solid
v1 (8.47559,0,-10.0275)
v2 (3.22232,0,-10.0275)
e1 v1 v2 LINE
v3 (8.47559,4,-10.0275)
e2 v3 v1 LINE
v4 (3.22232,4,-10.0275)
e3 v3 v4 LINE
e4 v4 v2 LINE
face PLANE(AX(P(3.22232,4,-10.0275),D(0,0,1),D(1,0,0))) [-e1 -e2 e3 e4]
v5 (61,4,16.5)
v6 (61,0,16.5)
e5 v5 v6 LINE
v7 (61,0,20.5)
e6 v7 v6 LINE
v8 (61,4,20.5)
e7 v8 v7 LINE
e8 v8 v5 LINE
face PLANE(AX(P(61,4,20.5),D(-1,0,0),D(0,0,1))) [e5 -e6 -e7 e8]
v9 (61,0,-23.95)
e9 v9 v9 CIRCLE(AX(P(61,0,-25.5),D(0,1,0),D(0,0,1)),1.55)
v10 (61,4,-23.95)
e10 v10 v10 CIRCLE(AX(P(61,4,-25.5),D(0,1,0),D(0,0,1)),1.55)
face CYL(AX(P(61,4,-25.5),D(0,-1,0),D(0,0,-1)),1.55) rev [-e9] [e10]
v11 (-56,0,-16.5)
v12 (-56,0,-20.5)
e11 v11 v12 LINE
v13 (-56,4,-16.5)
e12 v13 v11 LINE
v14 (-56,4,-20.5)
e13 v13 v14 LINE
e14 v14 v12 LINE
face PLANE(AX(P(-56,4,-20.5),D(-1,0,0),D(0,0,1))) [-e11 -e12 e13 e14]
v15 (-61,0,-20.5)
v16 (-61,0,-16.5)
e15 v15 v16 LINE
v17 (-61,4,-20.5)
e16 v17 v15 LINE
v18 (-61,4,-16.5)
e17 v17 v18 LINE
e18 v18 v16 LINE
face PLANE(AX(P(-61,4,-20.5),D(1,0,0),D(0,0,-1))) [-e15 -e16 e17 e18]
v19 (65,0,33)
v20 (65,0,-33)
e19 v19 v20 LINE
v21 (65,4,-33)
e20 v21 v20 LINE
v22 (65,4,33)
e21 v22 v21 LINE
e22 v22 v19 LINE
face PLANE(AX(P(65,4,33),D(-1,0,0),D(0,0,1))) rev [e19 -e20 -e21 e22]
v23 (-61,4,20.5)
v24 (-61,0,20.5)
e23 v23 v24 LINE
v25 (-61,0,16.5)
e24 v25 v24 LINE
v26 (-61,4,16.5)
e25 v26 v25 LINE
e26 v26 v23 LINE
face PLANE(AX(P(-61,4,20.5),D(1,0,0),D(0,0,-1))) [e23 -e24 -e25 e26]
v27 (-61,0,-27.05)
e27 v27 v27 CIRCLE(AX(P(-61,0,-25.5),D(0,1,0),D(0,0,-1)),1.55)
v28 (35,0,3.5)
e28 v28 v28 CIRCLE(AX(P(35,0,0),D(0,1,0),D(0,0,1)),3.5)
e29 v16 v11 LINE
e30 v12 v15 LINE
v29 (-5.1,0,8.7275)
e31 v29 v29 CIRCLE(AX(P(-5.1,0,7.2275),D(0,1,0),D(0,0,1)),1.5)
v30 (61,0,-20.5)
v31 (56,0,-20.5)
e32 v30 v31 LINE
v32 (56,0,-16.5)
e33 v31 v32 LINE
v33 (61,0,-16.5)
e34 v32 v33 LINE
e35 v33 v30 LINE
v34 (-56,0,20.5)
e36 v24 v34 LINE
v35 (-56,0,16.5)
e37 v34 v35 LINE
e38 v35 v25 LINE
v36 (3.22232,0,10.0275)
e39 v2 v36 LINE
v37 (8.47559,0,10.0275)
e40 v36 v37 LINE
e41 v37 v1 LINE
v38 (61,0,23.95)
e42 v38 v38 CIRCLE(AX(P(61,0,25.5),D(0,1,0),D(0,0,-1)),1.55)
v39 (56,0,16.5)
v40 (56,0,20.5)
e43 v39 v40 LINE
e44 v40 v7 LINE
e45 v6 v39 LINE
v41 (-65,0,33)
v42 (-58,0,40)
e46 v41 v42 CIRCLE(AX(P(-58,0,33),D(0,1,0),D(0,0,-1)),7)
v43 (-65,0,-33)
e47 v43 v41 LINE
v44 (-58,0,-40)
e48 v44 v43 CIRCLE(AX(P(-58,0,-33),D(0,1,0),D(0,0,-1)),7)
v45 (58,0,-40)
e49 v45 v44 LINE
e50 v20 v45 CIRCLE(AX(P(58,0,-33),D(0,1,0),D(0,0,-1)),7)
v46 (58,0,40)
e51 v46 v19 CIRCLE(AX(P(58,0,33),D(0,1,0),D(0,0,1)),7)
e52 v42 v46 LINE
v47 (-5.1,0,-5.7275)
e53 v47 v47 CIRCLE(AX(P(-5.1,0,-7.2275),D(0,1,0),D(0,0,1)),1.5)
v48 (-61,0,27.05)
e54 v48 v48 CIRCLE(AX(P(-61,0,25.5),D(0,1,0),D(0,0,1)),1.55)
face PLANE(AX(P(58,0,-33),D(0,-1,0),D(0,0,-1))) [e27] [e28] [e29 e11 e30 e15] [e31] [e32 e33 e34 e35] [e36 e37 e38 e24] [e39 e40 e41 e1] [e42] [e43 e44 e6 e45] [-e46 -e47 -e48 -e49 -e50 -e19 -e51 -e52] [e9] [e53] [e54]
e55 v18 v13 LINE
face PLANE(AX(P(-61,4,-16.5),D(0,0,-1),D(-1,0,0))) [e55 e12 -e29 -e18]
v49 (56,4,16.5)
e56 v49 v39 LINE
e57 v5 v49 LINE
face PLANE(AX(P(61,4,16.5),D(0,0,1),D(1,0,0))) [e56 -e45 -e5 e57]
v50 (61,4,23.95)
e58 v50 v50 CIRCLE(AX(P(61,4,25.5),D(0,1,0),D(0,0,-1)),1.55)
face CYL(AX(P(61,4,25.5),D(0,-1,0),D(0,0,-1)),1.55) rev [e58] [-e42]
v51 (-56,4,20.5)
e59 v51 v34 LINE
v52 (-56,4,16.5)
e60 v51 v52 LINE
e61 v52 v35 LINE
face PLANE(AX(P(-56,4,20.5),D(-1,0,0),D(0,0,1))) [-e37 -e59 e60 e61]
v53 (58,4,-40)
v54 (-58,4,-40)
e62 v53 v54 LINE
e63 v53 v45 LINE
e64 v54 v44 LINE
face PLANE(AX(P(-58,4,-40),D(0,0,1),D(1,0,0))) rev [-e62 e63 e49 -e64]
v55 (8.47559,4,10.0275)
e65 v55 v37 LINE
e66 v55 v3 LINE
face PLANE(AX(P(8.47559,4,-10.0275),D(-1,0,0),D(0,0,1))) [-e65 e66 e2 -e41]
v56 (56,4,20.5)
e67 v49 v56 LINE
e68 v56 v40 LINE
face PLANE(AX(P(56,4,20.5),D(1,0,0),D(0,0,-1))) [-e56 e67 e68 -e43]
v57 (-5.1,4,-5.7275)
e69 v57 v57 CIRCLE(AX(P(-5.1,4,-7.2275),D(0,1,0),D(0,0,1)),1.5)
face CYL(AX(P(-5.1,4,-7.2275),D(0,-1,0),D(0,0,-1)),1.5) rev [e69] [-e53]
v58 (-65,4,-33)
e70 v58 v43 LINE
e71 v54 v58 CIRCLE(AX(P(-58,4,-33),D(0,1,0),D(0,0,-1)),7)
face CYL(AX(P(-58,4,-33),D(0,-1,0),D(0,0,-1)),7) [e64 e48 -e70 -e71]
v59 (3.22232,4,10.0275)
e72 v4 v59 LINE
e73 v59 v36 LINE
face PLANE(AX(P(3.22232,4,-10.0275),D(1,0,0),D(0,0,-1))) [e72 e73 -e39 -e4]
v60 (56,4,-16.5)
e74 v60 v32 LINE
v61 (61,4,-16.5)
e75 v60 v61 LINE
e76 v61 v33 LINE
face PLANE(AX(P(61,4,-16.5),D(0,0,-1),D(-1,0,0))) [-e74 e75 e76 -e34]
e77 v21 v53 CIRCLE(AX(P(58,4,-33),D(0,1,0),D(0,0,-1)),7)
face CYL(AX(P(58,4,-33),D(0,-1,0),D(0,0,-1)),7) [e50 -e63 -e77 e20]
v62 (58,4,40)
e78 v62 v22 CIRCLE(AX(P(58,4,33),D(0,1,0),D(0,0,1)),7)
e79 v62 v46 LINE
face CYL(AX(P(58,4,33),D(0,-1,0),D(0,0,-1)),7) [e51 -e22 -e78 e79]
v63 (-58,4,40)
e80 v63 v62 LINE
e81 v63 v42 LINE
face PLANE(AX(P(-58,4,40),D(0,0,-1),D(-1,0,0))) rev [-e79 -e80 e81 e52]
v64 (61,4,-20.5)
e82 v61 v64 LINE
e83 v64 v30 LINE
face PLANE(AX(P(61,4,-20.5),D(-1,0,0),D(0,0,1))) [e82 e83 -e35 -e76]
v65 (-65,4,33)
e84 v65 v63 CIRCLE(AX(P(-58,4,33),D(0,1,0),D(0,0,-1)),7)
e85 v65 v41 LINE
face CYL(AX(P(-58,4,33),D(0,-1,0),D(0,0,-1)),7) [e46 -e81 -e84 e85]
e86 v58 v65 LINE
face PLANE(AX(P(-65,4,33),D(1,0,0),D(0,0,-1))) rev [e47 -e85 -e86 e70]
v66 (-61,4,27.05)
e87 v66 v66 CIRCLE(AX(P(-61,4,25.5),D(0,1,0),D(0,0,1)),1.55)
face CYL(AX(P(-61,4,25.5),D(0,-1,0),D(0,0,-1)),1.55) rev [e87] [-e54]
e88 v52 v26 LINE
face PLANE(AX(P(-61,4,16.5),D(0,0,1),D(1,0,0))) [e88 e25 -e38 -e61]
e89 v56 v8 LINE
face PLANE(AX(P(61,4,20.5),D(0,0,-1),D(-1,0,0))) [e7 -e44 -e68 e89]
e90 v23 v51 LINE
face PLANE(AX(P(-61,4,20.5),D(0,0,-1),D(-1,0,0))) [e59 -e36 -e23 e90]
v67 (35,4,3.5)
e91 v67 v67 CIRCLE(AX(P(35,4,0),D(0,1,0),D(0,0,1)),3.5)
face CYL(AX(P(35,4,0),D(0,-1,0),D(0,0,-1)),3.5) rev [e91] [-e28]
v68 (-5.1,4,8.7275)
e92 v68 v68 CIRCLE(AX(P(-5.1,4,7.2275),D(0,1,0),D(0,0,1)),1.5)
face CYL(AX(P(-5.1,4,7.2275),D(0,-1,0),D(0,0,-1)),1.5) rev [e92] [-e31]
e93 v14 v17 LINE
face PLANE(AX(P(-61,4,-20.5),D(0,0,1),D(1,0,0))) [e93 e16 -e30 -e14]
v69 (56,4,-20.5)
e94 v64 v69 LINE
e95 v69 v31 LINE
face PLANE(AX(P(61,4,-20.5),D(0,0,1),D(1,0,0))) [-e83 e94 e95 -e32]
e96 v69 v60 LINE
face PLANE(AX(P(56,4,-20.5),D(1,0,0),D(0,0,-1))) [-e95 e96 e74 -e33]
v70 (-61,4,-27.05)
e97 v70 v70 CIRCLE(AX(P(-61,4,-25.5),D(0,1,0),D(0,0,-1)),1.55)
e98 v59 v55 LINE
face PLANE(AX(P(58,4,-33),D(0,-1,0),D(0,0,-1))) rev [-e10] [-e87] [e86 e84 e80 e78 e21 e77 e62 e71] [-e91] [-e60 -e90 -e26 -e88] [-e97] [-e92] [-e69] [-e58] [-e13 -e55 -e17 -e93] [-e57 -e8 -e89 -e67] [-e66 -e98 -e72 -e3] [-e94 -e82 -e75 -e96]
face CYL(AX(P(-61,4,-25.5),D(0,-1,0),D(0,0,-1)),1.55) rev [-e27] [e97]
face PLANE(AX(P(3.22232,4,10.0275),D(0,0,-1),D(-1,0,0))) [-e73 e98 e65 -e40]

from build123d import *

# Parameters (mm, degrees)
SKETCH1_R           = 1.55
SKETCH1_R_2         = 1.5
SKETCH1_R_3         = 3.5
SKETCH1_W           = 5
SKETCH1_H           = 4
SKETCH1_W_2         = 5.253269852
SKETCH1_H_2         = 20.055
BOSS_EXTRUDE1_DEPTH = 4


with BuildPart() as part:
    # Sketch1 → Boss-Extrude1 (new body)
    with BuildSketch(Plane(origin=(0, 0, 0), x_dir=(1, 0, 0), z_dir=(0, 1, 0))):
        with BuildLine():
            Line((-58, -40), (58, -40))
            ThreePointArc((58, -40), (62.949747468, -37.949747468), (65, -33))
            Line((65, -33), (65, 33))
            ThreePointArc((65, 33), (62.949747468, 37.949747468), (58, 40))
            Line((58, 40), (-58, 40))
            ThreePointArc((-58, 40), (-62.949747468, 37.949747468), (-65, 33))
            Line((-65, 33), (-65, -33))
            ThreePointArc((-65, -33), (-62.949747468, -37.949747468), (-58, -40))
        make_face()
        with Locations(Location((61, 25.5, 0), (0, 0, 270))):
            Circle(SKETCH1_R, mode=Mode.SUBTRACT)
        with Locations(Location((61, -25.5, 0), (0, 0, 90))):
            Circle(SKETCH1_R, mode=Mode.SUBTRACT)
        with Locations(Location((-61, -25.5, 0), (0, 0, 270))):
            Circle(SKETCH1_R, mode=Mode.SUBTRACT)
        with Locations(Location((-61, 25.5, 0), (0, 0, 90))):
            Circle(SKETCH1_R, mode=Mode.SUBTRACT)
        with Locations(Location((-5.1, -7.2275, 0), (0, 0, 270))):
            Circle(SKETCH1_R_2, mode=Mode.SUBTRACT)
        with Locations(Location((-5.1, 7.2275, 0), (0, 0, 270))):
            Circle(SKETCH1_R_2, mode=Mode.SUBTRACT)
        with Locations(Location((35, 0, 0), (0, 0, 270))):
            Circle(SKETCH1_R_3, mode=Mode.SUBTRACT)
        with Locations((58.5, 18.5)):
            Rectangle(SKETCH1_W, SKETCH1_H, mode=Mode.SUBTRACT)
        with Locations((58.5, -18.5)):
            Rectangle(SKETCH1_W, SKETCH1_H, mode=Mode.SUBTRACT)
        with Locations((-58.5, -18.5)):
            Rectangle(SKETCH1_W, SKETCH1_H, mode=Mode.SUBTRACT)
        with Locations((-58.5, 18.5)):
            Rectangle(SKETCH1_W, SKETCH1_H, mode=Mode.SUBTRACT)
        with Locations((5.848955237, 0)):
            Rectangle(SKETCH1_W_2, SKETCH1_H_2, mode=Mode.SUBTRACT)
    extrude(amount=BOSS_EXTRUDE1_DEPTH)


solid = part.part
